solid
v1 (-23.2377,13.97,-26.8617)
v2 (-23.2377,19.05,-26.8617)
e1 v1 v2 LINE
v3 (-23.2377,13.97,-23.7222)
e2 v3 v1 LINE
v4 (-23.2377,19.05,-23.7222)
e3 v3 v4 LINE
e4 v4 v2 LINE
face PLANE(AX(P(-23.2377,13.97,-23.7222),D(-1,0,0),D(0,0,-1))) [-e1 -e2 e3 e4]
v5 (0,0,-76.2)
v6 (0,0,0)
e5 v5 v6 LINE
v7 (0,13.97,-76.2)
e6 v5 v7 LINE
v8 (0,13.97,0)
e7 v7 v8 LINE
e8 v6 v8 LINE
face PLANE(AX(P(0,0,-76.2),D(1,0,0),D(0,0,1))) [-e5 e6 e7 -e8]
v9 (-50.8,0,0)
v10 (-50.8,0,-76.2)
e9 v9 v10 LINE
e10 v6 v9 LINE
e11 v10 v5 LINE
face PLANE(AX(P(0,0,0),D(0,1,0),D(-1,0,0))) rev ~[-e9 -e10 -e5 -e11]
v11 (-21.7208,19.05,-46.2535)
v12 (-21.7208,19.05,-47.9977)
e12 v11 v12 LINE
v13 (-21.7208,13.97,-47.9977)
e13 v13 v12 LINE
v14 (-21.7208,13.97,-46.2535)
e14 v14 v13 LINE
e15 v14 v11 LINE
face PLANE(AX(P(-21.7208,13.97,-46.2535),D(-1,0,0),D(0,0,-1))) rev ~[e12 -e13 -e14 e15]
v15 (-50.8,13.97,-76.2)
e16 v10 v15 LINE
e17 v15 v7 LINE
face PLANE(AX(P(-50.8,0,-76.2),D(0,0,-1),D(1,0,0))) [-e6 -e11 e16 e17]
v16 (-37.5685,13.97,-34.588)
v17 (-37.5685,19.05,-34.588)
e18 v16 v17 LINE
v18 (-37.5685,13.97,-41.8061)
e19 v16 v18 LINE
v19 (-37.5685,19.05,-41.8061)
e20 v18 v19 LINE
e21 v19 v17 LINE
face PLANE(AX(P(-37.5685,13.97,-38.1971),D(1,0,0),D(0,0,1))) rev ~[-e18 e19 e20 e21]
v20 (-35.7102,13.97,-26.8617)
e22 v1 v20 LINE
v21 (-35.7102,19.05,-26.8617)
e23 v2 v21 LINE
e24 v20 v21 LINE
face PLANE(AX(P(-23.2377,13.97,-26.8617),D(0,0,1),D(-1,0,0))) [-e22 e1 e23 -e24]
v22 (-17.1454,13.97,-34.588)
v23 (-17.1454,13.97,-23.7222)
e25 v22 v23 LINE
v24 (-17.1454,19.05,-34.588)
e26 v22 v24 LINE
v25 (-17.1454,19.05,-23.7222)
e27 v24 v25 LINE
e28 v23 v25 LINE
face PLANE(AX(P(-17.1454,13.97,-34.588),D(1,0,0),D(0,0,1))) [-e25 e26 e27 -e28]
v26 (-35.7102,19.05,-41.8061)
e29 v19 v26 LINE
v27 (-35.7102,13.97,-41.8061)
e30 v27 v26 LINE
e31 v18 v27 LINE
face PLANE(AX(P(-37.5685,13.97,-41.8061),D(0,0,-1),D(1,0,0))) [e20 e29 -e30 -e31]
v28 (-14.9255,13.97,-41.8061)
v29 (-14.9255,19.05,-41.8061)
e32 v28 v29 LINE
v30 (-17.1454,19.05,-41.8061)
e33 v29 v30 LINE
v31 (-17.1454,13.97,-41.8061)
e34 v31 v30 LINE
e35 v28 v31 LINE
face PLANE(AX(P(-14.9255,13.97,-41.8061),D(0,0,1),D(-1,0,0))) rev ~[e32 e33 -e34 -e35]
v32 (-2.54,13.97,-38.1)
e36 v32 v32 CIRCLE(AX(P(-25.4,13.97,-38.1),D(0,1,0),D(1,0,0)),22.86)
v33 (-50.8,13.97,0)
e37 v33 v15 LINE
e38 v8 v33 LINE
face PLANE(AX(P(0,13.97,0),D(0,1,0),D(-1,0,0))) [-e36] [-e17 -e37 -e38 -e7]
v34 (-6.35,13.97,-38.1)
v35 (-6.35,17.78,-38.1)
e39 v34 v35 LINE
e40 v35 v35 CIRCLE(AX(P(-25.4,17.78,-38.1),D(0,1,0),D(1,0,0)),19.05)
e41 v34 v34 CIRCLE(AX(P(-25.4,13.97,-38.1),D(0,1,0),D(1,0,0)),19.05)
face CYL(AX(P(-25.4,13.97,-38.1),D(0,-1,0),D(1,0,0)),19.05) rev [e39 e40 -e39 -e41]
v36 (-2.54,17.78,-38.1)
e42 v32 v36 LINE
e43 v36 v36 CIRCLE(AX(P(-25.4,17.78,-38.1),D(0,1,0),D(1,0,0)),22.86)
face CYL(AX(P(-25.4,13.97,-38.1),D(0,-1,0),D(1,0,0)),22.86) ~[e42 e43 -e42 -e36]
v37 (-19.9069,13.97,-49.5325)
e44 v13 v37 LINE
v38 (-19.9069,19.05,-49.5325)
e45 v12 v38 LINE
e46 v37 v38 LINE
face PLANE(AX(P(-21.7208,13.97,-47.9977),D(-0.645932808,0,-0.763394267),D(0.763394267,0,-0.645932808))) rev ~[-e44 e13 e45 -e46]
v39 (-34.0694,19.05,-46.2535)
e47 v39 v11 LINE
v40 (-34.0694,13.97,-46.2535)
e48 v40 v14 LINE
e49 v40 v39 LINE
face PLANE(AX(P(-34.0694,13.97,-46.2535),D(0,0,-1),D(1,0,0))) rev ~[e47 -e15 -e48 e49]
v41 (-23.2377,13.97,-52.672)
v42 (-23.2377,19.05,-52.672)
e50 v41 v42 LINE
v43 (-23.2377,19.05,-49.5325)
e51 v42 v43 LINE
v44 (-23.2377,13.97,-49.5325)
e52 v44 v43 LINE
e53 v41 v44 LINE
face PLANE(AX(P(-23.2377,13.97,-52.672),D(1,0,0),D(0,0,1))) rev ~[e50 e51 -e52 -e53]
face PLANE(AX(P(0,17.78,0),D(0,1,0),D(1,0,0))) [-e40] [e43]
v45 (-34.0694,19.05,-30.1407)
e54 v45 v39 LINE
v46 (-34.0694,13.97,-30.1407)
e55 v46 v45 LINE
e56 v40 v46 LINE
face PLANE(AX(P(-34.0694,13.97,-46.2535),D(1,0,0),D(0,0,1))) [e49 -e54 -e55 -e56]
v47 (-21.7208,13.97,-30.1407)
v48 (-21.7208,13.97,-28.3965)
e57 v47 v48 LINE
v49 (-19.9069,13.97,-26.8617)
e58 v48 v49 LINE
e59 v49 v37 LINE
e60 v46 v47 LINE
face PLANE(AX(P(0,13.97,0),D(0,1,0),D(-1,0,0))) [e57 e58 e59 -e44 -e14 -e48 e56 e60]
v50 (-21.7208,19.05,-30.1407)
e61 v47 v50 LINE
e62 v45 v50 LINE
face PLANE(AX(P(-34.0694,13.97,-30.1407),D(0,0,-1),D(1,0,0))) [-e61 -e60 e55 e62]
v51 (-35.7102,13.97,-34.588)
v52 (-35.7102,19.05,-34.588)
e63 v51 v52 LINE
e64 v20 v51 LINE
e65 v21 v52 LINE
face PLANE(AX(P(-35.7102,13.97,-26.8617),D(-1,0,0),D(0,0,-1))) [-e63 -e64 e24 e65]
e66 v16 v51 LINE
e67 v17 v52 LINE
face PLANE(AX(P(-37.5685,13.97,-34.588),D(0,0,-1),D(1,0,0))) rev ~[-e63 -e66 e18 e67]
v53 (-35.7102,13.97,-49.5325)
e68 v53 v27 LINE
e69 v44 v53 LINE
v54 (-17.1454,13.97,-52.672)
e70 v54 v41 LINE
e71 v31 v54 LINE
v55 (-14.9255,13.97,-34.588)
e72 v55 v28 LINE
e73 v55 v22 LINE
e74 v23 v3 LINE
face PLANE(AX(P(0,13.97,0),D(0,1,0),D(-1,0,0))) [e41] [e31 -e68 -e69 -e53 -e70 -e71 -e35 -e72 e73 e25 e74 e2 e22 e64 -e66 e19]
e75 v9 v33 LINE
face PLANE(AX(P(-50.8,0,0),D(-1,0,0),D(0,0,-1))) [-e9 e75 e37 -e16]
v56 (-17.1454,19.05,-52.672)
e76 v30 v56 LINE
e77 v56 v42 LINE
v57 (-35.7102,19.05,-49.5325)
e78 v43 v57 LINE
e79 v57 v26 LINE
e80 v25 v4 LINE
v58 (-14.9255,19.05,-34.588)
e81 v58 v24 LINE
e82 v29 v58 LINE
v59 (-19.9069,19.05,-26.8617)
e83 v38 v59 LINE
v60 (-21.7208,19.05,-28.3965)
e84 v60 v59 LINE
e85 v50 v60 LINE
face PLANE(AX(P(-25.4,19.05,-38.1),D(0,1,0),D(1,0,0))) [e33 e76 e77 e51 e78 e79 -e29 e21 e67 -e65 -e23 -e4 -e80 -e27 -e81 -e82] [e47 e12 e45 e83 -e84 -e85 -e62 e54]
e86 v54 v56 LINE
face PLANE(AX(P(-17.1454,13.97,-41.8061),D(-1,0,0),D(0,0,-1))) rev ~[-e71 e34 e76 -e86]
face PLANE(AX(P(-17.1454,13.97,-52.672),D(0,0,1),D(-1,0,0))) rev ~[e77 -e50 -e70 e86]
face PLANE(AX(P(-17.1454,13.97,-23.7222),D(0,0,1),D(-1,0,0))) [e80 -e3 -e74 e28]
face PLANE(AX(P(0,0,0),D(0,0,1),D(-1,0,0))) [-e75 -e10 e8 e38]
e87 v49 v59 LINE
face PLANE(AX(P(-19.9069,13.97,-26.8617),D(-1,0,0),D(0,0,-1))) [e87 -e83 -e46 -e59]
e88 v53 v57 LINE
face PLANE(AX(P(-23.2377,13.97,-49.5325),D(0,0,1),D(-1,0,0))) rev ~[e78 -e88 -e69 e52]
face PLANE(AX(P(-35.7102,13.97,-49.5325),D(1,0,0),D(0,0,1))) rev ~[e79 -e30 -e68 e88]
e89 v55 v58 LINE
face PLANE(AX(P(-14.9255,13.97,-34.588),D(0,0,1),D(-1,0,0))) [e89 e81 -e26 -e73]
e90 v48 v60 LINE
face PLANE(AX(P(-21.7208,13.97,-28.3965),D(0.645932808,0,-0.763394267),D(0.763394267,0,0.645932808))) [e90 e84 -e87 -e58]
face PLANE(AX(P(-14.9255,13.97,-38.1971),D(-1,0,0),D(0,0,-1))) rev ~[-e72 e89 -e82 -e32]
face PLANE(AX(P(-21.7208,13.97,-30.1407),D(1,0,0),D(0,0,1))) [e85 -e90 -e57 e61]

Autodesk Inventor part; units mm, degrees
ref_plane "YZ Plane" through (0, 0, 0) normal (1, 0, 0) x (0, 1, 0)
ref_plane "XZ Plane" through (0, 0, 0) normal (0, 1, 0) x (-1, 0, 0)
ref_plane "XY Plane" through (0, 0, 0) normal (0, 0, 1) x (1, 0, 0)
sketch "Sketch1" plane through (0, 0, 0) normal (0, 1, 0) x (-1, 0, 0)
  line L0 (0, 0) -> (50.8, 0)
  line L1 (50.8, 0) -> (50.8, -76.2)
  line L2 (50.8, -76.2) -> (0, -76.2)
  line L3 (0, -76.2) -> (0, 0)
  dimension "d0" = 50.8
  dimension "d1" = 76.2
extrude "Extrusion1" add sketch "Sketch1" along normal blind 13.97
sketch "Sketch6" plane through (0, 13.97, 0) normal (0, 1, 0) x (1, 0, 0)
  point P0 (0, 0)
sketch "Sketch7" plane through (0, 13.97, 0) normal (0, 1, 0) x (1, 0, 0)
  point P0 (0, 0)
sketch "Sketch8" plane through (0, 13.97, 0) normal (0, 1, 0) x (1, 0, 0)
  circle A0 centre (-25.4, 38.1) radius 22.86
  circle A1 centre (-25.4, 38.1) radius 19.05
  point P0 (0, 0)
  dimension "d30" = 45.72
  dimension "d31" = 38.1
extrude "Extrusion15" add sketch "Sketch8" along normal blind 3.81
sketch "Sketch9" plane through (-25.4, 13.97, -38.1) normal (0, 1, 0) x (1, 0, 0)
  line L0 (-8.6694, 8.1535) -> (3.6792, 8.1535)
  line L1 (3.6792, 8.1535) -> (3.6792, 9.8977)
  line L2 (3.6792, 9.8977) -> (5.4931, 11.4325)
  line L3 (5.4931, 11.4325) -> (5.4931, 0.0971)
  line L4 (-8.6694, 8.1535) -> (-8.6694, 0.0971)
  line L5 (-8.6694, -7.9593) -> (3.6792, -7.9593)
  line L6 (3.6792, -7.9593) -> (3.6792, -9.7035)
  line L7 (3.6792, -9.7035) -> (5.4931, -11.2383)
  line L8 (5.4931, -11.2383) -> (5.4931, 0.0971)
  line L9 (-8.6694, -7.9593) -> (-8.6694, 0.0971)
  line L10 (8.2546, 0.0971) -> (8.2546, -14.3778)
  line L11 (8.2546, -14.3778) -> (2.1623, -14.3778)
  line L12 (2.1623, -14.3778) -> (2.1623, -11.2383)
  line L13 (2.1623, -11.2383) -> (-10.3102, -11.2383)
  line L14 (-10.3102, -11.2383) -> (-10.3102, 0.0971)
  line L15 (8.2546, 0.0971) -> (8.2546, 14.572)
  line L16 (8.2546, 14.572) -> (2.1623, 14.572)
  line L17 (2.1623, 14.572) -> (2.1623, 11.4325)
  line L18 (2.1623, 11.4325) -> (-10.3102, 11.4325)
  line L19 (-10.3102, 11.4325) -> (-10.3102, 0.0971)
  line L20 (-12.1685, 0.0971) -> (-12.1685, -3.512)
  line L21 (-12.1685, -3.512) -> (-10.3102, -3.512)
  line L22 (-10.3102, -3.512) -> (-10.3102, 0.0971)
  line L23 (-12.1685, 0.0971) -> (-12.1685, 3.7061)
  line L24 (-12.1685, 3.7061) -> (-10.3102, 3.7061)
  line L25 (10.4745, 0.0971) -> (10.4745, -3.512)
  line L26 (10.4745, -3.512) -> (8.2546, -3.512)
  line L27 (8.2546, -3.512) -> (8.2546, 0.0971)
  line L28 (10.4745, 0.0971) -> (10.4745, 3.7061)
  line L29 (10.4745, 3.7061) -> (8.2546, 3.7061)
  point P0 (25.4, -38.1)
  point P1 (8.2546, -3.512)
  point P2 (8.2546, 3.7061)
  point P3 (-10.3102, 3.7061)
  point P4 (-10.3102, -3.512)
extrude "Extrusion16" add sketch "Sketch9" along normal blind 5.08
properties part number "CNC#2 FInal"
